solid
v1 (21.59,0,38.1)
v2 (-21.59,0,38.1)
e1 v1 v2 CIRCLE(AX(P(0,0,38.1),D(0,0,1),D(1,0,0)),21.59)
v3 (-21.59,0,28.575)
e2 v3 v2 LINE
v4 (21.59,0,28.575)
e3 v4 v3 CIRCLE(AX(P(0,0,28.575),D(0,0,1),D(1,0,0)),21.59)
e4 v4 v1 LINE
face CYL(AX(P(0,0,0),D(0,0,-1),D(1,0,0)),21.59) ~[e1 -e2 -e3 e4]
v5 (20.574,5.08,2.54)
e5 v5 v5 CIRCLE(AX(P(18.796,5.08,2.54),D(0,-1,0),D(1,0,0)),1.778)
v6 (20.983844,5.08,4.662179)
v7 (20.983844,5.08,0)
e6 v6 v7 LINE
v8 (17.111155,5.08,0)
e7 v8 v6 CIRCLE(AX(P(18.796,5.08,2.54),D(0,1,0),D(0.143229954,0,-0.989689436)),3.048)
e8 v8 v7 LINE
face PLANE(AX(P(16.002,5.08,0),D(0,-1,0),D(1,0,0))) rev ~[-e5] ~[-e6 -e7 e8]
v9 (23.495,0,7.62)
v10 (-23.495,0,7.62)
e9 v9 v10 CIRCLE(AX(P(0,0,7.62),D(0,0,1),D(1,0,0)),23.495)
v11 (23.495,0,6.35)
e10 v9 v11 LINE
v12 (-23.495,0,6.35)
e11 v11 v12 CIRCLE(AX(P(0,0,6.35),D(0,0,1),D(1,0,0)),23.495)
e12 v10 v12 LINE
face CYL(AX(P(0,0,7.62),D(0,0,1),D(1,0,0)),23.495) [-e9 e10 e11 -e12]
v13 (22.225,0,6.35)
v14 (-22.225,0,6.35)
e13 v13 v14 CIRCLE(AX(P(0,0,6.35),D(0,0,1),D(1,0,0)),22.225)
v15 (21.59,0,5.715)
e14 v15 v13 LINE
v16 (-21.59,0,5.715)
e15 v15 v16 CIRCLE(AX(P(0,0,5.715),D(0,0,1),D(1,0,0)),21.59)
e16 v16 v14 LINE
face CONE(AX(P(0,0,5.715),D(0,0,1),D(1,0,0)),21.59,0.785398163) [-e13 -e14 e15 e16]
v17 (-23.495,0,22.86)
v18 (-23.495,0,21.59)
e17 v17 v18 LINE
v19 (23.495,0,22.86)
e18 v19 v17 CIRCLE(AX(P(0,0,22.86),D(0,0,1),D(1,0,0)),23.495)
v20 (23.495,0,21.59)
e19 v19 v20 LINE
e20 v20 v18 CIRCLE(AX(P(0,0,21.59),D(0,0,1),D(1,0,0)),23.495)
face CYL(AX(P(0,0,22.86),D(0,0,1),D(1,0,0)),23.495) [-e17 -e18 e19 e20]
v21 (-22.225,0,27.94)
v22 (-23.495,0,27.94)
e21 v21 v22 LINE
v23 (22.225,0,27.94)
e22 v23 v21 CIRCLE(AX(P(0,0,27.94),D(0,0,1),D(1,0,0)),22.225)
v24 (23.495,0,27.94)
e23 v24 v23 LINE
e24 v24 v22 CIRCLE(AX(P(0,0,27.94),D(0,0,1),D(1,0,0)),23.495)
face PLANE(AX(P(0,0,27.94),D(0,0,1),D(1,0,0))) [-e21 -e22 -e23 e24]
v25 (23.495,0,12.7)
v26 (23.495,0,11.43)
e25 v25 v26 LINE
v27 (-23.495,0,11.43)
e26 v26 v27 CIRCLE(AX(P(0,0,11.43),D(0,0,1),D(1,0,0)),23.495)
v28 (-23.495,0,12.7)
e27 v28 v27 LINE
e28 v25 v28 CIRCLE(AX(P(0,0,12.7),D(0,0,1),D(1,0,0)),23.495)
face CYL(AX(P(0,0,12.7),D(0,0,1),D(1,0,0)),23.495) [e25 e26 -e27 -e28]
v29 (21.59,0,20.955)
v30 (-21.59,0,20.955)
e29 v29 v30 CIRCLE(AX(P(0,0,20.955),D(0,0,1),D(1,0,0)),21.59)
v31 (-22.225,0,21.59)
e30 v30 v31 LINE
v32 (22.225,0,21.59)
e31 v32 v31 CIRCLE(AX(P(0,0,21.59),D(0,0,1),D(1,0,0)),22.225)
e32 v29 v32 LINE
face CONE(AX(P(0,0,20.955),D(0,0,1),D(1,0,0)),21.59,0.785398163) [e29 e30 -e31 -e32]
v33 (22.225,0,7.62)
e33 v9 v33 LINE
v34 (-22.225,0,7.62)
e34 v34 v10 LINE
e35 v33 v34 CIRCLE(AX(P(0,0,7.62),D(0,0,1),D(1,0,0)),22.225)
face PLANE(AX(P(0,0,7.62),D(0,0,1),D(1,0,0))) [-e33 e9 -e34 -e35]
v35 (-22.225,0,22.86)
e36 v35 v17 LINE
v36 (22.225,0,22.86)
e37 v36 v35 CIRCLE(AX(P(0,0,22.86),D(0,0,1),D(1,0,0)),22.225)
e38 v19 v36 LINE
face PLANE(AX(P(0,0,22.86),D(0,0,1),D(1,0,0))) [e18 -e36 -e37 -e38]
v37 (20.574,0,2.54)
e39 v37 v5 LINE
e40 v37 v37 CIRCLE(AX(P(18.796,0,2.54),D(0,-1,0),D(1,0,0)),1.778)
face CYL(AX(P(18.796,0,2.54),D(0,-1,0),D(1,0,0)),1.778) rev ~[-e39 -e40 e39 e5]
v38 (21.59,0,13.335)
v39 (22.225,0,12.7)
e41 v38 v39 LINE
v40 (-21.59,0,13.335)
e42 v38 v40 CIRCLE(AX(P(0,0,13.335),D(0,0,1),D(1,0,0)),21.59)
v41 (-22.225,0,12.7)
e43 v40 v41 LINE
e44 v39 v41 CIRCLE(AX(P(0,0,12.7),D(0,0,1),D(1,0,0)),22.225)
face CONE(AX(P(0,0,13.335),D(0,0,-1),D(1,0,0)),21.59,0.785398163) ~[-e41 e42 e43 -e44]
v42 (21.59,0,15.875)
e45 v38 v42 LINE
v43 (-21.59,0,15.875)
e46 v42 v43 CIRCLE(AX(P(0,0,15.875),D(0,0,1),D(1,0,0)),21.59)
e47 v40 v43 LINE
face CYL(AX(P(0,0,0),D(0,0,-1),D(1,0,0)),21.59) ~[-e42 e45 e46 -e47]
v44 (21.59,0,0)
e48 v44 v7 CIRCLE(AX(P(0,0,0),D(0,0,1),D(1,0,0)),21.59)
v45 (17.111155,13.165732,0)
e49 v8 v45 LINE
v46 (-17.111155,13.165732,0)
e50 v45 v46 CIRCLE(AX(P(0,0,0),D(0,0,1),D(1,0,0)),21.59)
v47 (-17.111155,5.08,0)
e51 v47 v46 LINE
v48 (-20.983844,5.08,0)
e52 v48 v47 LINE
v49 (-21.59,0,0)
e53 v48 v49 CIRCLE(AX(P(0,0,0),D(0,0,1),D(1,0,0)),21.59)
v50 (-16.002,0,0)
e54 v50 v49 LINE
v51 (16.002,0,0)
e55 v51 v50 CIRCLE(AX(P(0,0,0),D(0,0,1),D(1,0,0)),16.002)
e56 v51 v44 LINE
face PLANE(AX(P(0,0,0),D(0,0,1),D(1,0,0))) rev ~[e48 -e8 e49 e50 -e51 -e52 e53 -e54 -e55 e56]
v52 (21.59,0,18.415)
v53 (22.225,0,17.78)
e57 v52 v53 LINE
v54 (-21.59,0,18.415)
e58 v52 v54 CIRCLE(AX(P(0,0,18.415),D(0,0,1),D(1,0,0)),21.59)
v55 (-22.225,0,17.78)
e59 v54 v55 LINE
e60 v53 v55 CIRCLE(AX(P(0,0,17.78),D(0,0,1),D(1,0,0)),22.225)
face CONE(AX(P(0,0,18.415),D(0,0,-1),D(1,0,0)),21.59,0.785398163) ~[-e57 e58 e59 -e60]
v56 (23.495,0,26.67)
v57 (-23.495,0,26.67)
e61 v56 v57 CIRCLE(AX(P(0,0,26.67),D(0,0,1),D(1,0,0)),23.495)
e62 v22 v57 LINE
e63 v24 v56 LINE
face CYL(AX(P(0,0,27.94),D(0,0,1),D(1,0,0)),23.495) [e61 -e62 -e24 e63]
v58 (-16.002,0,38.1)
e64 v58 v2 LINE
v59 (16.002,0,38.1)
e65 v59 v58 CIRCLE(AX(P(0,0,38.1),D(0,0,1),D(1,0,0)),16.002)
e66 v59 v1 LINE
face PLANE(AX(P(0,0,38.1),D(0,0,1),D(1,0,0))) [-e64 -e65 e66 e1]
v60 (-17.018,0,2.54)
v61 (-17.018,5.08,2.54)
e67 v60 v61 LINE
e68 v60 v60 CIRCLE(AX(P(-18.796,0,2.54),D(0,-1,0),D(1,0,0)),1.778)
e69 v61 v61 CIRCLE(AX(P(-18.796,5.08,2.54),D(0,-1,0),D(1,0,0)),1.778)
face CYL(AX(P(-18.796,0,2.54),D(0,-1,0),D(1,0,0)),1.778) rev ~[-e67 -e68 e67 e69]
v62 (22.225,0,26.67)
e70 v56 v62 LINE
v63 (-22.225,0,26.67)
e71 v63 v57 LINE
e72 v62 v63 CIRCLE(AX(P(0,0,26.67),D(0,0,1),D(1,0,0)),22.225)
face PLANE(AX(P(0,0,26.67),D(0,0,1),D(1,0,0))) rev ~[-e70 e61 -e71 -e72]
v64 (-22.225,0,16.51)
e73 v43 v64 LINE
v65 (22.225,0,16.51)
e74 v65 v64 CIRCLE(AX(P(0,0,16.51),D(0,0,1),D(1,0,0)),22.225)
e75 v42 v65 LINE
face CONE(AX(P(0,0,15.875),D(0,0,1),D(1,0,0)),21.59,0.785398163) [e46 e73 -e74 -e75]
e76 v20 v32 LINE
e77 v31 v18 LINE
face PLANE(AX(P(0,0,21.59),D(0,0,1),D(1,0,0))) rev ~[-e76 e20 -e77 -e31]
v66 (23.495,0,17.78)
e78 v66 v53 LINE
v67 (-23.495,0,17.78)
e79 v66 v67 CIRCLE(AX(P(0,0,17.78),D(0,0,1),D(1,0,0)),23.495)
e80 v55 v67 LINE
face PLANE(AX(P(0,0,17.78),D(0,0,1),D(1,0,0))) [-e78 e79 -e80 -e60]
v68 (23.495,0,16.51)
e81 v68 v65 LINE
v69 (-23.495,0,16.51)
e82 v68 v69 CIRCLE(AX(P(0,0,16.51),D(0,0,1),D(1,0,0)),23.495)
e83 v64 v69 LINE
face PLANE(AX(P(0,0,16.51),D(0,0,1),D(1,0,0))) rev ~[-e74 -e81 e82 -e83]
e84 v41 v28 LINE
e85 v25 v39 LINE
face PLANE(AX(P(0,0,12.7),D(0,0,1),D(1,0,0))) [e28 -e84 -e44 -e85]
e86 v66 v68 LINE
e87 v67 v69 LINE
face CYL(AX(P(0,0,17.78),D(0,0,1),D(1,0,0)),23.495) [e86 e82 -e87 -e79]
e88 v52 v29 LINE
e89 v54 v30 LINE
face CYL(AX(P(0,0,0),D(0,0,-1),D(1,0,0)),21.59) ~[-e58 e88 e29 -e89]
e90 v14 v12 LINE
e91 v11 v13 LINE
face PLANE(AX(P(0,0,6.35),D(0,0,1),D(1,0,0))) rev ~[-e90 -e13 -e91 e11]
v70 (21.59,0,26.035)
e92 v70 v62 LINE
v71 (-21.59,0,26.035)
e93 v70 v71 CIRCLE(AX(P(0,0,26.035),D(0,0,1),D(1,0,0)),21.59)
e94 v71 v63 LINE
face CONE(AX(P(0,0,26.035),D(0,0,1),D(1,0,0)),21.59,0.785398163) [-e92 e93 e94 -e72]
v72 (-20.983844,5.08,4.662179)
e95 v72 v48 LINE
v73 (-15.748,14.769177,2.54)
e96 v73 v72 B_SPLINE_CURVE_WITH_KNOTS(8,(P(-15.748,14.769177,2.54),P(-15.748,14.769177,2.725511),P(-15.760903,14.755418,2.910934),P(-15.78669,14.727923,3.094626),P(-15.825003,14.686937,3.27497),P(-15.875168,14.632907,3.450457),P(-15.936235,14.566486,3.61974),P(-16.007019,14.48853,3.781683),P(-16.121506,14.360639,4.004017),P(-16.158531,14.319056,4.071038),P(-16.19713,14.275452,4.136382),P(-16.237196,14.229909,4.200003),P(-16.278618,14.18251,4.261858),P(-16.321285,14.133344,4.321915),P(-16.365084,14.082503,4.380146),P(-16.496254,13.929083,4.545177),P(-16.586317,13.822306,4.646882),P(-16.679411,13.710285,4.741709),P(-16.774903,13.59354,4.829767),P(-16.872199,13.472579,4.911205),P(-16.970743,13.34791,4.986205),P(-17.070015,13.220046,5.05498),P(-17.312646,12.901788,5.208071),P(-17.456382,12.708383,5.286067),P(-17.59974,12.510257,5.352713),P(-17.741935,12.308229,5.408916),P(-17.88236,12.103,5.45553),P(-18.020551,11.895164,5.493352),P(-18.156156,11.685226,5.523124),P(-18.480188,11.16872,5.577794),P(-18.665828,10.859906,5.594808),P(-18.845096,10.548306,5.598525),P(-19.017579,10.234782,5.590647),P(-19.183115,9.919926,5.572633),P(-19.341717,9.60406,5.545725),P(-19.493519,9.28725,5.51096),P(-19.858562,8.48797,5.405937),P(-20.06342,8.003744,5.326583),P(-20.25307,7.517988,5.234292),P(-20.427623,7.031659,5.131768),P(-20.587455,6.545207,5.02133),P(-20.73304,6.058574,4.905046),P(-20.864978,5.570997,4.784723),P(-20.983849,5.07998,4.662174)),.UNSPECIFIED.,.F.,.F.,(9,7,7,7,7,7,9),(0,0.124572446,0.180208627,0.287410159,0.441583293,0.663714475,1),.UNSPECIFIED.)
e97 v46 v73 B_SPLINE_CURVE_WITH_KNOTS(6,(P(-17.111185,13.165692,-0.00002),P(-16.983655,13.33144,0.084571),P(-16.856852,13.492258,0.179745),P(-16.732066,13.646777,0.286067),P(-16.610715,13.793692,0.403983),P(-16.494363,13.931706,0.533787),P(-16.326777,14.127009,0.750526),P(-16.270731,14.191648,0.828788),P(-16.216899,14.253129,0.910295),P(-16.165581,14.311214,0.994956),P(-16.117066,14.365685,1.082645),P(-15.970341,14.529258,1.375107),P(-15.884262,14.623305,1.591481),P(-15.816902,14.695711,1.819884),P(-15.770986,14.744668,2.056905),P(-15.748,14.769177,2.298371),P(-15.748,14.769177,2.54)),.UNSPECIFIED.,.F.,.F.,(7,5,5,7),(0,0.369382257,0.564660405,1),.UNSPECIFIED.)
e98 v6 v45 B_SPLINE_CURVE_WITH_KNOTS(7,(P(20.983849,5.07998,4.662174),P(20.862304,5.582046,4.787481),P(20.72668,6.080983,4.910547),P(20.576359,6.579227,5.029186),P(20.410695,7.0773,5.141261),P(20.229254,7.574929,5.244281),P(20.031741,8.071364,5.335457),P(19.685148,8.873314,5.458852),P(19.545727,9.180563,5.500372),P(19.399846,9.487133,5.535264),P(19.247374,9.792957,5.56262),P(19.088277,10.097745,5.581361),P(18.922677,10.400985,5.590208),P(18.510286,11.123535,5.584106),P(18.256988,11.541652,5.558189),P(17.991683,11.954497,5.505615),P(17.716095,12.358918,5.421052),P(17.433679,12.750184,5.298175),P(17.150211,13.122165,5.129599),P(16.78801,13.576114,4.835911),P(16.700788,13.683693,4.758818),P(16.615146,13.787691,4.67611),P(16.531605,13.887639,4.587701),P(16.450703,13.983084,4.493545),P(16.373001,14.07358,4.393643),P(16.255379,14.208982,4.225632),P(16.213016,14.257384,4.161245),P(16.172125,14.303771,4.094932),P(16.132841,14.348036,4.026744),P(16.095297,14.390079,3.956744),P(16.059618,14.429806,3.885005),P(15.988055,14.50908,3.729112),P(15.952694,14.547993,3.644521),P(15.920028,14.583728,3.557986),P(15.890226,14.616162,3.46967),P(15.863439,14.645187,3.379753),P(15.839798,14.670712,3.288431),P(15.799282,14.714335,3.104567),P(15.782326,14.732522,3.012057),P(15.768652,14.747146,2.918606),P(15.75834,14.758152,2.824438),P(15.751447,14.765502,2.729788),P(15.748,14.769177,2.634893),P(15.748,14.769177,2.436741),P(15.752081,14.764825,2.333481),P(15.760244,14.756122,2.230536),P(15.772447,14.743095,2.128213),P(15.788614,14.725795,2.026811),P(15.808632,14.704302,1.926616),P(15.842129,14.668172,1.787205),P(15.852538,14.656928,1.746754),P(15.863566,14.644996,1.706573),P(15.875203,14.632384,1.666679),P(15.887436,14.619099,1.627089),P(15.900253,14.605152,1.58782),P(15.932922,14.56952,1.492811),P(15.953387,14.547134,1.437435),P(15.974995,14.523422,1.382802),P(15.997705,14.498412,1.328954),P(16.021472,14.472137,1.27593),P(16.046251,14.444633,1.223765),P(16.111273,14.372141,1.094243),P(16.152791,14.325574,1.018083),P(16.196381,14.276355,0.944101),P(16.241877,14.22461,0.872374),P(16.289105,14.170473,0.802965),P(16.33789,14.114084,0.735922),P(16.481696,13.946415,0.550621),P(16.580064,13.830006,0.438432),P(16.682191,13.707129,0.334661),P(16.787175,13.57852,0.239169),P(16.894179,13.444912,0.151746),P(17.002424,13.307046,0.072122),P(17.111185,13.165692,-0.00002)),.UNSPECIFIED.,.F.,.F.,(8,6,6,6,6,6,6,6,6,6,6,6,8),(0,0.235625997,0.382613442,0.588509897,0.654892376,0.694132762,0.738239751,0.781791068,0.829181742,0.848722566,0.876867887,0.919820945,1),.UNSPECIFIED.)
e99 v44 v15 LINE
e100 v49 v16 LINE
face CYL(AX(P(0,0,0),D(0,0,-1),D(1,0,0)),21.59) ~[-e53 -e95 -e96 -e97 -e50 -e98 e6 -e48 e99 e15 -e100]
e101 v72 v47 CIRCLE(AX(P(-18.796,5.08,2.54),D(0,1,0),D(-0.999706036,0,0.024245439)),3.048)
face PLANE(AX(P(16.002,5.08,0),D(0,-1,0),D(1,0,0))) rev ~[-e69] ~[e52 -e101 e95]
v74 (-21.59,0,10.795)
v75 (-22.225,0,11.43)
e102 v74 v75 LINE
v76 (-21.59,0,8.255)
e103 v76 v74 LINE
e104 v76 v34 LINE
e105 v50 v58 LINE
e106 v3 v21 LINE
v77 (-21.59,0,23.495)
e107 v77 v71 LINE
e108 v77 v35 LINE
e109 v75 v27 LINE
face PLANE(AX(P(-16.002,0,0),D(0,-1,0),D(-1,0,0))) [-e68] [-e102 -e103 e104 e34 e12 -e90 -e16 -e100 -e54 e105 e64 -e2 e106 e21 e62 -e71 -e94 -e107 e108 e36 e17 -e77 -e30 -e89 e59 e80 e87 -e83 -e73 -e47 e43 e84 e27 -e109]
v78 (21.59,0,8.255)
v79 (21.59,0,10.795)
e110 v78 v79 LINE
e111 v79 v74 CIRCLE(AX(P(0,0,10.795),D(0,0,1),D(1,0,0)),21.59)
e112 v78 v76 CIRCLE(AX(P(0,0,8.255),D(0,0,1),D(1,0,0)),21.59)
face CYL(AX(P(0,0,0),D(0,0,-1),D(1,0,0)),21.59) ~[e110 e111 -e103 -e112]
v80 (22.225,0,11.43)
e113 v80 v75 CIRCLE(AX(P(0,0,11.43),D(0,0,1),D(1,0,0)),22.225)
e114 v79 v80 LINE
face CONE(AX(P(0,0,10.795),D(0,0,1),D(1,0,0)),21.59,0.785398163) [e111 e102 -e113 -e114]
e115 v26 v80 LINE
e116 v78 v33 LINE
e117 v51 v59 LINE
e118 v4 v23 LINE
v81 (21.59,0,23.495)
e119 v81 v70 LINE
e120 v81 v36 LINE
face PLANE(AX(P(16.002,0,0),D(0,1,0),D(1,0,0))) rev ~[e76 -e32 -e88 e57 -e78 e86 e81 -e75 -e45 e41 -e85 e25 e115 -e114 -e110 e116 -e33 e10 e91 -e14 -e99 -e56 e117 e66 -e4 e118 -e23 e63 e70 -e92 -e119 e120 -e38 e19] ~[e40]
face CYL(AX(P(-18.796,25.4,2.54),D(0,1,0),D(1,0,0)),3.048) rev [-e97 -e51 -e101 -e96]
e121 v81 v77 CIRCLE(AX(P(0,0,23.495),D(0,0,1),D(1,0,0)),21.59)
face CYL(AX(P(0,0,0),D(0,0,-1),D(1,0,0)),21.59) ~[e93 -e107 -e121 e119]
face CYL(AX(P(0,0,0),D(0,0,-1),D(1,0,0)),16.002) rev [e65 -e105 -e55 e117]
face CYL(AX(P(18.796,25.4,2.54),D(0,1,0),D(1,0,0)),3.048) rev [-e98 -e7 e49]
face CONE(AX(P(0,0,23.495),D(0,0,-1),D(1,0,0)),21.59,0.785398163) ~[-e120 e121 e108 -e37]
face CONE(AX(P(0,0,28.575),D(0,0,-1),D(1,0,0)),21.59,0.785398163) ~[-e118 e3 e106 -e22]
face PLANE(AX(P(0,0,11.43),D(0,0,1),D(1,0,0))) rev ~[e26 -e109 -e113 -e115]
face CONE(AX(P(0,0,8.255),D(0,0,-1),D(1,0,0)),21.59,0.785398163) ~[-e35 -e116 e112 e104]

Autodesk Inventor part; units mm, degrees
ref_plane "YZ Plane" through (0, 0, 0) normal (1, 0, 0) x (0, 1, 0)
sketch "Sketch1" plane through (0, 0, 0) normal (0, 0, 1) x (1, 0, 0)
  arc A0 (16.002, 0) -> (-16.002, 0) centre (0, 0) ccw
  arc A1 (21.59, 0) -> (-21.59, 0) centre (0, 0) ccw
  line L0 (-16.002, 0) -> (-21.59, 0)
  line L1 (16.002, 0) -> (21.59, 0)
  dimension "d0" = 43.18
  dimension "d1" = 32.004
extrude "Extrusion1" add sketch "Sketch1" along normal blind 38.1
ref_plane "Work Plane1" through (0, 0, 27.94) normal (0, 0, 1) x (1, 0, 0)
sketch "Sketch2" plane through (0, 0, 27.94) normal (0, 0, 1) x (1, 0, 0)
  arc A0 (21.59, 0) -> (-21.59, 0) centre (0, 0) ccw projected
  arc A1 (23.495, 0) -> (-23.495, 0) centre (0, 0) ccw
  line L0 (-21.59, 0) -> (-23.495, 0)
  line L1 (16.002, 0) -> (21.59, 0) projected
  line L2 (23.495, 0) -> (21.59, 0)
  dimension "d5" = 1.905
extrude "Extrusion2" add sketch "Sketch2" against normal blind 1.27
chamfer "Chamfer1" distance 0.635 angle 45 2 edges at (0, 21.59, 27.94) (0, 21.59, 26.67)
pattern_linear "Rectangular Pattern1" count 5 spacing 5.08 along (0, 0, -1) of "Extrusion2", "Chamfer1"
sketch "Sketch3" plane through (16.002, 0, 0) normal (0, -1, 0) x (1, 0, 0)
  line L0 (0, 0) -> (5.588, 0) construction
  line L1 (5.588, 0) -> (5.588, 5.715) construction
  line L2 (6.223, 6.35) -> (5.588, 5.715) construction
  line L3 (7.493, 6.35) -> (6.223, 6.35) construction
  line L4 (7.493, 7.62) -> (7.493, 6.35) construction
  line L5 (7.493, 7.62) -> (6.223, 7.62) construction
  line L6 (5.588, 8.255) -> (6.223, 7.62) construction
  line L7 (5.588, 8.255) -> (5.588, 10.795) construction
  line L8 (6.223, 11.43) -> (5.588, 10.795) construction
  line L9 (7.493, 11.43) -> (6.223, 11.43) construction
  line L10 (7.493, 12.7) -> (7.493, 11.43) construction
  line L11 (7.493, 12.7) -> (6.223, 12.7) construction
  line L12 (5.588, 13.335) -> (6.223, 12.7) construction
  line L13 (5.588, 13.335) -> (5.588, 15.875) construction
  line L14 (6.223, 16.51) -> (5.588, 15.875) construction
  line L15 (7.493, 16.51) -> (6.223, 16.51) construction
  line L16 (7.493, 17.78) -> (7.493, 16.51) construction
  line L17 (7.493, 17.78) -> (6.223, 17.78) construction
  line L18 (5.588, 18.415) -> (6.223, 17.78) construction
  line L19 (5.588, 18.415) -> (5.588, 20.955) construction
  line L20 (6.223, 21.59) -> (5.588, 20.955) construction
  line L21 (7.493, 21.59) -> (6.223, 21.59) construction
  line L22 (7.493, 22.86) -> (7.493, 21.59) construction
  line L23 (7.493, 22.86) -> (6.223, 22.86) construction
  line L24 (5.588, 23.495) -> (6.223, 22.86) construction
  line L25 (5.588, 23.495) -> (5.588, 26.035) construction
  line L26 (6.223, 26.67) -> (5.588, 26.035) construction
  line L27 (7.493, 26.67) -> (6.223, 26.67) construction
  line L28 (7.493, 27.94) -> (7.493, 26.67) construction
  line L29 (7.493, 27.94) -> (6.223, 27.94) construction
  line L30 (5.588, 28.575) -> (6.223, 27.94) construction
  line L31 (5.588, 28.575) -> (5.588, 38.1) construction
  line L32 (0, 38.1) -> (5.588, 38.1) construction
  line L33 (0, 0) -> (0, 38.1) construction
  line L34 (-37.592, 0) -> (-32.004, 0) construction
  line L35 (-32.004, 0) -> (-32.004, 38.1) construction
  line L36 (-37.592, 38.1) -> (-32.004, 38.1) construction
  line L37 (-37.592, 28.575) -> (-37.592, 38.1) construction
  line L38 (-38.227, 27.94) -> (-37.592, 28.575) construction
  line L39 (-38.227, 27.94) -> (-39.497, 27.94) construction
  line L40 (-39.497, 27.94) -> (-39.497, 26.67) construction
  line L41 (-38.227, 26.67) -> (-39.497, 26.67) construction
  line L42 (-37.592, 26.035) -> (-38.227, 26.67) construction
  line L43 (-37.592, 23.495) -> (-37.592, 26.035) construction
  line L44 (-38.227, 22.86) -> (-37.592, 23.495) construction
  line L45 (-38.227, 22.86) -> (-39.497, 22.86) construction
  line L46 (-39.497, 22.86) -> (-39.497, 21.59) construction
  line L47 (-38.227, 21.59) -> (-39.497, 21.59) construction
  line L48 (-37.592, 20.955) -> (-38.227, 21.59) construction
  line L49 (-37.592, 18.415) -> (-37.592, 20.955) construction
  line L50 (-38.227, 17.78) -> (-37.592, 18.415) construction
  line L51 (-38.227, 17.78) -> (-39.497, 17.78) construction
  line L52 (-39.497, 17.78) -> (-39.497, 16.51) construction
  line L53 (-38.227, 16.51) -> (-39.497, 16.51) construction
  line L54 (-37.592, 15.875) -> (-38.227, 16.51) construction
  line L55 (-37.592, 13.335) -> (-37.592, 15.875) construction
  line L56 (-38.227, 12.7) -> (-37.592, 13.335) construction
  line L57 (-38.227, 12.7) -> (-39.497, 12.7) construction
  line L58 (-39.497, 12.7) -> (-39.497, 11.43) construction
  line L59 (-38.227, 11.43) -> (-39.497, 11.43) construction
  line L60 (-37.592, 10.795) -> (-38.227, 11.43) construction
  line L61 (-37.592, 8.255) -> (-37.592, 10.795) construction
  line L62 (-38.227, 7.62) -> (-37.592, 8.255) construction
  line L63 (-38.227, 7.62) -> (-39.497, 7.62) construction
  line L64 (-39.497, 7.62) -> (-39.497, 6.35) construction
  line L65 (-38.227, 6.35) -> (-39.497, 6.35) construction
  line L66 (-37.592, 5.715) -> (-38.227, 6.35) construction
  line L67 (-37.592, 0) -> (-37.592, 5.715) construction
  circle A0 centre (2.794, 2.54) radius 1.778
  circle A1 centre (-34.798, 2.54) radius 1.778
  point P0 (-16.002, 0)
  dimension "d14" = 3.556
  dimension "d15" = 2.54
  dimension "d16" = 3.556
extrude "Extrusion3" cut sketch "Sketch3" against normal through all
ref_plane "Work Plane2" through (16.002, 25.4, 0) normal (0, -1, 0) x (1, 0, 0)
sketch "Sketch4" plane through (16.002, 25.4, 0) normal (0, -1, 0) x (1, 0, 0)
  circle A0 centre (2.794, 2.54) radius 1.778 construction
  circle A1 centre (-34.798, 2.54) radius 1.778 construction
  circle A2 centre (2.794, 2.54) radius 3.048
  circle A3 centre (-34.798, 2.54) radius 3.048
  line L0 (2.794, -0.508) -> (7.3935, -0.1769)
  line L1 (7.3935, -0.1769) -> (6.0075, 2.6942)
  line L2 (6.0075, 2.6942) -> (5.8411, 2.6139)
  line L3 (-34.7976, -0.508) -> (-34.7976, -3.1659)
  line L4 (-34.7976, -3.1659) -> (-38.8338, -2.6207)
  line L5 (-38.8338, -2.6207) -> (-39.8503, 2.0729)
  line L6 (-39.8503, 2.0729) -> (-37.8451, 2.6139)
  point P0 (-16.002, 0)
  dimension "d20" = 6.096
  dimension "d21" = 6.096
extrude "Extrusion4" cut sketch "Sketch4" along normal blind 20.32
properties part number "CoreOpposite" material "ABS Plastic"
